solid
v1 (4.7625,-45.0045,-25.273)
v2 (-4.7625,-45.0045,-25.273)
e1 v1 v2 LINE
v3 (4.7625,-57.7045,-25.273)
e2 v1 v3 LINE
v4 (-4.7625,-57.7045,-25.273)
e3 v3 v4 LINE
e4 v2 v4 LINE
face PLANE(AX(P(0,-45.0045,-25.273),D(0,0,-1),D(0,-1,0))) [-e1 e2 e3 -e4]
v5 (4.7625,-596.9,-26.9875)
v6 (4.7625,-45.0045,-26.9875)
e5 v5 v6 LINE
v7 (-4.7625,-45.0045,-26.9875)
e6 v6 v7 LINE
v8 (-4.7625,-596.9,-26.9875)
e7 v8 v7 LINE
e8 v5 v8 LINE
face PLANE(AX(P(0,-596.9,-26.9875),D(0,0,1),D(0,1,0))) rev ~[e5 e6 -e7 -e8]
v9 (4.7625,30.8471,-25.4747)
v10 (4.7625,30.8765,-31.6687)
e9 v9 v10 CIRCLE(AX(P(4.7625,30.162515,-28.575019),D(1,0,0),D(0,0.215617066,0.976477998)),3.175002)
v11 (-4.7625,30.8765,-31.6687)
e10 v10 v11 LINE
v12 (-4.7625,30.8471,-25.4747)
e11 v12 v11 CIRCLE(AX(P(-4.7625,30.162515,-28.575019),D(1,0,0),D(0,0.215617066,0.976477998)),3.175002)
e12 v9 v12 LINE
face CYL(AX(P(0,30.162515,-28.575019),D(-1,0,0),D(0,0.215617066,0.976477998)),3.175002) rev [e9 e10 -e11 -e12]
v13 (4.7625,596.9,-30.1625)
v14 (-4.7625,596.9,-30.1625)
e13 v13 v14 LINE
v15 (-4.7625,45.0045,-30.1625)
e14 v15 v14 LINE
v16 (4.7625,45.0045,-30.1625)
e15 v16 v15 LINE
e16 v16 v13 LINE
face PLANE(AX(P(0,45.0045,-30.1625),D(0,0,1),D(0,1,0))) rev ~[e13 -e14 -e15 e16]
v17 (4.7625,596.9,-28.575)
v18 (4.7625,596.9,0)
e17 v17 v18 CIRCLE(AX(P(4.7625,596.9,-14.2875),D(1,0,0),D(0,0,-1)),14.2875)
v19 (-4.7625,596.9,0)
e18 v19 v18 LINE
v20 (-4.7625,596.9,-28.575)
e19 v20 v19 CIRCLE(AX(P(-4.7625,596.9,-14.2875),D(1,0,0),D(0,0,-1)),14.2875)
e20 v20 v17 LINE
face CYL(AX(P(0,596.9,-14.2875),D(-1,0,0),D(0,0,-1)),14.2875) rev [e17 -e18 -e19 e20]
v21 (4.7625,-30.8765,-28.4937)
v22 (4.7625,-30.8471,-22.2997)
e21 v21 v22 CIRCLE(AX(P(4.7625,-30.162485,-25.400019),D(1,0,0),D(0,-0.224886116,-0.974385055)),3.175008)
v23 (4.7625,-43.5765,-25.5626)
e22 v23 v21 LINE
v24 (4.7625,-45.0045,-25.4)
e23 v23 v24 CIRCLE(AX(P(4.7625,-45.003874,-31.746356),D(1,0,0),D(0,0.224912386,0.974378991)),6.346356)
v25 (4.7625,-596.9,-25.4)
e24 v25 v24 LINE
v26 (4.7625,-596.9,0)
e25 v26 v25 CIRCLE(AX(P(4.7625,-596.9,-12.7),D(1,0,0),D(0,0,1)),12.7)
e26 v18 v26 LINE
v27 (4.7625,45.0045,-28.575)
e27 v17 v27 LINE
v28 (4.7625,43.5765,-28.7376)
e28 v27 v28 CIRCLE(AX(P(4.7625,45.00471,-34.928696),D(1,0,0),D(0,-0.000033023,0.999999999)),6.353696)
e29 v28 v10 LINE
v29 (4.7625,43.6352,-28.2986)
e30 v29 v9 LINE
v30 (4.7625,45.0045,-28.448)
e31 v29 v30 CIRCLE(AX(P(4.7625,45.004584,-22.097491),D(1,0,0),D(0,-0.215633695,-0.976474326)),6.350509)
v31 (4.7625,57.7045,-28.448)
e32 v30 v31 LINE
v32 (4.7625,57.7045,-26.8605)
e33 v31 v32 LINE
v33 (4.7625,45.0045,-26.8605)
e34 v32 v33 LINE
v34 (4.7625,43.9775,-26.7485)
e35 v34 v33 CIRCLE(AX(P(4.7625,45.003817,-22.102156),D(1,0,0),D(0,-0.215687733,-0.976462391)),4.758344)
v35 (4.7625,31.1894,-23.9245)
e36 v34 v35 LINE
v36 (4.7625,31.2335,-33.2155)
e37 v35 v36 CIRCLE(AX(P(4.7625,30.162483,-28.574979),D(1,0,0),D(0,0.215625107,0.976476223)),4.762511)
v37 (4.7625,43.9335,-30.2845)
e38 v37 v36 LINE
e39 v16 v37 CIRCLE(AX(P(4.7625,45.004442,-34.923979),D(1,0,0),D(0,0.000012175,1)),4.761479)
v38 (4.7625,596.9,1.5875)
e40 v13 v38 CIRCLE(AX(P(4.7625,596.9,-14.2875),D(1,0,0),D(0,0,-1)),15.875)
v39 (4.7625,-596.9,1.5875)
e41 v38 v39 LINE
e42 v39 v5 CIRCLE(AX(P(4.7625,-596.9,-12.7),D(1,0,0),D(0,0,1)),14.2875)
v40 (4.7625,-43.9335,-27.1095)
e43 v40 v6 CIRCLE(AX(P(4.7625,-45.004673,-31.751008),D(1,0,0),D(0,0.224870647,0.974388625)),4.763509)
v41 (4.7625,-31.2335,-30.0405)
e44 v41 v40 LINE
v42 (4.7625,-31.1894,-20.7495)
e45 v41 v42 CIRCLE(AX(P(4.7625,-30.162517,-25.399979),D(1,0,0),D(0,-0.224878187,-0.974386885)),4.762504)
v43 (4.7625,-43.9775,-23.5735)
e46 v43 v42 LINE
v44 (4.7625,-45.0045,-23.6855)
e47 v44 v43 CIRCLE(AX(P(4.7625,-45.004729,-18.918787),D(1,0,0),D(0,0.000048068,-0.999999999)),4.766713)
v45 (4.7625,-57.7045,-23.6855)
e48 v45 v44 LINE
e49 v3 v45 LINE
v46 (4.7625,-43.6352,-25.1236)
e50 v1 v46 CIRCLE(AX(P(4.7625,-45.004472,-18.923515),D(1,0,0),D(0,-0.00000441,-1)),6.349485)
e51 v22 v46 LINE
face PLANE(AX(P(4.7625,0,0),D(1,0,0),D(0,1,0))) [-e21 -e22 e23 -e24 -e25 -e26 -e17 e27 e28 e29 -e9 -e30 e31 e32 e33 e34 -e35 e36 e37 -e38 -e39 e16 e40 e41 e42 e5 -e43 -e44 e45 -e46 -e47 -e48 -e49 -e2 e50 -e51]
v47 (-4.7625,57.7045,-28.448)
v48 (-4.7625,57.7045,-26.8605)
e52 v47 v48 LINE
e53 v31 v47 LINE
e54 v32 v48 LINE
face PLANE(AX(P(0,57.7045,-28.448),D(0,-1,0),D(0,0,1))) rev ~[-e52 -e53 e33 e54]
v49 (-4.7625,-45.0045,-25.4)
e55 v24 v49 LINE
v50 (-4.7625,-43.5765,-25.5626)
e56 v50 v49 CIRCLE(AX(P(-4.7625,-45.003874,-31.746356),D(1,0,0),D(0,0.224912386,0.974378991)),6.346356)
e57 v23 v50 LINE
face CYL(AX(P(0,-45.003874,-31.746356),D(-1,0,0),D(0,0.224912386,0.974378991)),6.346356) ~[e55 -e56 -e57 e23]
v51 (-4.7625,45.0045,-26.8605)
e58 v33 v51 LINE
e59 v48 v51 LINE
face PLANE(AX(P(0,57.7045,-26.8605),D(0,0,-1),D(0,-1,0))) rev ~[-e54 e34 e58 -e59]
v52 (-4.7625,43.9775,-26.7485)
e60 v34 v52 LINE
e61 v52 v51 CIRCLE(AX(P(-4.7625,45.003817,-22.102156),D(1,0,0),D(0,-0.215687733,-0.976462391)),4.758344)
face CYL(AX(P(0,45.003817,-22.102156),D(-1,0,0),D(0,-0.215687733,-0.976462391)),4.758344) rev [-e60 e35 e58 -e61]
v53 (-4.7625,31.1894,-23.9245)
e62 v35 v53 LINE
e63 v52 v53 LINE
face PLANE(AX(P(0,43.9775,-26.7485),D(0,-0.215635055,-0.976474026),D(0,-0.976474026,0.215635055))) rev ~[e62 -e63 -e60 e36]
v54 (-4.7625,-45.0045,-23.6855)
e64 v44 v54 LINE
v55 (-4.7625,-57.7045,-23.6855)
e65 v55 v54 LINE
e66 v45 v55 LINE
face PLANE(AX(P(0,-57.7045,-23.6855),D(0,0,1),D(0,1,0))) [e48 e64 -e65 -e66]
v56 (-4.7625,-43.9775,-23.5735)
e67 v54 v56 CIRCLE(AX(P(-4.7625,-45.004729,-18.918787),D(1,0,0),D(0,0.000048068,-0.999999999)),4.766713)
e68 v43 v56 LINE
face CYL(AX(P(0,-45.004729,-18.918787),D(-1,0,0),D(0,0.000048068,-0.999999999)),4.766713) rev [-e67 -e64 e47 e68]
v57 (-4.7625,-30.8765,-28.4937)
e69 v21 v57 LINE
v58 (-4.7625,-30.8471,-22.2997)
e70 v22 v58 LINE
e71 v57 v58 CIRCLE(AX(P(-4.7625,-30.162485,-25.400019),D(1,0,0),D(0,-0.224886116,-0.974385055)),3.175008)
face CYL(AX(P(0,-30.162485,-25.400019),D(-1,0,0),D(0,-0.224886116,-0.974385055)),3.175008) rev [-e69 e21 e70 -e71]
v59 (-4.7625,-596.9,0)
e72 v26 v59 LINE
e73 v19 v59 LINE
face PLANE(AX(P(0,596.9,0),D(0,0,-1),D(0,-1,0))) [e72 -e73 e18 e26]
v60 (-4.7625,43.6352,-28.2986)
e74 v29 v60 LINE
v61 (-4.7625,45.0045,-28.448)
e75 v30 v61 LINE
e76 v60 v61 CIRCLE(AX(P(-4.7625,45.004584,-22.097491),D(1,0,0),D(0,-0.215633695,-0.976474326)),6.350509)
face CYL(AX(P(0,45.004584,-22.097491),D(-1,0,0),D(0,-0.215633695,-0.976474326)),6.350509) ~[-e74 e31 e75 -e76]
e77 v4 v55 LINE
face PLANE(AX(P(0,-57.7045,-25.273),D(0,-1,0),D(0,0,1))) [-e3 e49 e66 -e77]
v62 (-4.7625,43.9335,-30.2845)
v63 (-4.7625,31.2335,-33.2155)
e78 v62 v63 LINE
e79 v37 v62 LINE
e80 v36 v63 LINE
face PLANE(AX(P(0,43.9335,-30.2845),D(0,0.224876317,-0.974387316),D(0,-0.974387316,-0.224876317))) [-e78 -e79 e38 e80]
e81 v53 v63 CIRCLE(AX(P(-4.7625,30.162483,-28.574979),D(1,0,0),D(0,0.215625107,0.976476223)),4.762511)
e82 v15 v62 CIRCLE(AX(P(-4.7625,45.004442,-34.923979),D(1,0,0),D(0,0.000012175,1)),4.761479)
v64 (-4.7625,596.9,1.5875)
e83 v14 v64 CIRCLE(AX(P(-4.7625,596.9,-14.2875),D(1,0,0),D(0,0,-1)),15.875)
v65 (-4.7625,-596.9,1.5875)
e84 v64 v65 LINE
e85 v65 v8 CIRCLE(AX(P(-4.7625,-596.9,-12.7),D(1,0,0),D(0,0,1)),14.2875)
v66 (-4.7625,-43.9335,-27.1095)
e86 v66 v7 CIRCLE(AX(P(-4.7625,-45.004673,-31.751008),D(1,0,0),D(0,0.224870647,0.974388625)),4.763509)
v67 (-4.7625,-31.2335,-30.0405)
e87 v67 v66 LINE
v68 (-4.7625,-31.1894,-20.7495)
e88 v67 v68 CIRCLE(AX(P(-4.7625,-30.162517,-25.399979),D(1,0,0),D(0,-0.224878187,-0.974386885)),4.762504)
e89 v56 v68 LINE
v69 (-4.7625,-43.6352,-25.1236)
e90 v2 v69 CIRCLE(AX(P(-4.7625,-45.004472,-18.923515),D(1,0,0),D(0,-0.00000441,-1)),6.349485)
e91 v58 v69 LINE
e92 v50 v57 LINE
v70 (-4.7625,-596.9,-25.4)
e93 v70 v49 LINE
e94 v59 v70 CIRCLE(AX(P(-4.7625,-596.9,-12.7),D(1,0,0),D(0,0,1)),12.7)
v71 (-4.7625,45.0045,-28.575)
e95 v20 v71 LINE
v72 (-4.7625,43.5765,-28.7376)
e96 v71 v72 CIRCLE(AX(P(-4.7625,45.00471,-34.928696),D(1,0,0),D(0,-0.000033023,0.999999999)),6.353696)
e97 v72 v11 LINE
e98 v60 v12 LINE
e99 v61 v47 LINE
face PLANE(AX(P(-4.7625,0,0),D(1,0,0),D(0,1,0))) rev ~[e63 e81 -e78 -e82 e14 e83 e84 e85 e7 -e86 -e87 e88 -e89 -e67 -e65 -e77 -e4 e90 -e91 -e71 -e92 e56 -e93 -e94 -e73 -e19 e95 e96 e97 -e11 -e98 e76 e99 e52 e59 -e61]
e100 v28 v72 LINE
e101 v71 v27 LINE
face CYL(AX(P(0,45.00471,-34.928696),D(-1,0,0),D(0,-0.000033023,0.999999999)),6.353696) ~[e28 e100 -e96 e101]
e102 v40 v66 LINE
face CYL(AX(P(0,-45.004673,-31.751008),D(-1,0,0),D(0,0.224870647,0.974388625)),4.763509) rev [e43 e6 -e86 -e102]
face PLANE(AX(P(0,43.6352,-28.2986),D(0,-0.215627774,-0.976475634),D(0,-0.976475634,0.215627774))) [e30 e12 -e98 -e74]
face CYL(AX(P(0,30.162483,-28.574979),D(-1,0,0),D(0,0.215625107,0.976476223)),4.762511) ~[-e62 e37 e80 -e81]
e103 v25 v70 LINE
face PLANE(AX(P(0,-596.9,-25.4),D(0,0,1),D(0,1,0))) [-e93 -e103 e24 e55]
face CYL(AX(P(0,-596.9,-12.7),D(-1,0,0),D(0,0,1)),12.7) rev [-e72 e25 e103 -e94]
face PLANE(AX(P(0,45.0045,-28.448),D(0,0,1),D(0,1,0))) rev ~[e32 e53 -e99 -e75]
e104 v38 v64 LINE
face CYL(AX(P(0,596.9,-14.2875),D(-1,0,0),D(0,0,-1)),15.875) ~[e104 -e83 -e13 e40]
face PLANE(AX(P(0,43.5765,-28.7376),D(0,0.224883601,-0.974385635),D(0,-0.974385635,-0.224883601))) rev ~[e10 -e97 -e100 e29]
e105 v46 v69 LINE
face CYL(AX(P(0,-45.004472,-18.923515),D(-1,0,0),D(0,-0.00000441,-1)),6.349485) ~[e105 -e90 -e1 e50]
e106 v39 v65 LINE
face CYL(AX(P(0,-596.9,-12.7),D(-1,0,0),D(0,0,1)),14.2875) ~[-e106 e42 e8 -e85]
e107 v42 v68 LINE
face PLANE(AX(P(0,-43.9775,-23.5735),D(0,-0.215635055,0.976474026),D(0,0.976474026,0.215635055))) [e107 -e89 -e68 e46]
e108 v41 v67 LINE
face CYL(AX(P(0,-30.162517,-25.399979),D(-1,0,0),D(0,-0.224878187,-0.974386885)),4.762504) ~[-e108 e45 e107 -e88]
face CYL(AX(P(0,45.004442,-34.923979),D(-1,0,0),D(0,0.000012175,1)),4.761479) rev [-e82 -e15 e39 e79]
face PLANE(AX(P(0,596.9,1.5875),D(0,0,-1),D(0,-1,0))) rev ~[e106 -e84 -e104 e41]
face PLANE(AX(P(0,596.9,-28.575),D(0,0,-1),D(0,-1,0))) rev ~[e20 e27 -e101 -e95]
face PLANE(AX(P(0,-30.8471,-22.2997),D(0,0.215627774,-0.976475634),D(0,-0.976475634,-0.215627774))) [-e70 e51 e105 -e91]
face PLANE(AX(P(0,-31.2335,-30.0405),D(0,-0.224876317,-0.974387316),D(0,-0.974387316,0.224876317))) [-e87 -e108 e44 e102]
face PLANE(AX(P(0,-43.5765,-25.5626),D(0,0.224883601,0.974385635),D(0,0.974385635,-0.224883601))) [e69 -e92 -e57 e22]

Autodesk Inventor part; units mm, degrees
ref_plane "YZ Plane" through (0, 0, 0) normal (1, 0, 0) x (0, 1, 0)
ref_plane "XZ Plane" through (0, 0, 0) normal (0, 1, 0) x (-1, 0, 0)
ref_plane "XY Plane" through (0, 0, 0) normal (0, 0, 1) x (1, 0, 0)
sketch "Sketch1" plane through (0, 0, 0) normal (1, 0, 0) x (0, 1, 0)
  line L0 (596.9, 0) -> (-596.9, 0)
  line L1 (0, 0) -> (0, -26.9875) construction
  arc A0 (596.9, -28.575) -> (596.9, 0) centre (596.9, -14.2875) ccw
  line L2 (596.9, -28.575) -> (45.0045, -28.575)
  arc A1 (-596.9, 0) -> (-596.9, -25.4) centre (-596.9, -12.7) ccw
  line L3 (-596.9, -25.4) -> (-45.0045, -25.4)
  arc A2 (30.8471, -25.4747) -> (30.8765, -31.6687) centre (30.1625, -28.575) ccw
  arc A3 (-30.8765, -28.4937) -> (-30.8471, -22.2997) centre (-30.1625, -25.4) ccw
  line L4 (45.0045, -30.1625) -> (596.9, -30.1625)
  arc A4 (596.9, -30.1625) -> (596.9, 1.5875) centre (596.9, -14.2875) ccw
  line L5 (596.9, 1.5875) -> (-596.9, 1.5875)
  arc A5 (-596.9, 1.5875) -> (-596.9, -26.9875) centre (-596.9, -12.7) ccw
  line L6 (-596.9, -26.9875) -> (-45.0045, -26.9875)
  line L7 (30.1625, -28.575) -> (-30.1625, -25.4) construction
  arc A6 (31.1894, -23.9245) -> (31.2335, -33.2155) centre (30.1625, -28.575) ccw
  arc A7 (45.0045, -28.575) -> (43.5765, -28.7376) centre (45.0045, -34.925) ccw
  line L8 (43.5765, -28.7376) -> (30.8765, -31.6687)
  arc A8 (45.0045, -30.1625) -> (43.9335, -30.2845) centre (45.0045, -34.925) ccw
  line L9 (43.9335, -30.2845) -> (31.2335, -33.2155)
  arc A9 (43.6352, -28.2986) -> (45.0045, -28.448) centre (45.0045, -22.098) ccw
  line L10 (45.0045, -28.448) -> (57.7045, -28.448)
  line L11 (43.6352, -28.2986) -> (30.8471, -25.4747)
  line L12 (45.0045, -28.448) -> (45.0045, -28.575) construction
  line L13 (57.7045, -28.448) -> (57.7045, -26.8605)
  line L14 (57.7045, -26.8605) -> (45.0045, -26.8605)
  arc A10 (43.9775, -26.7485) -> (45.0045, -26.8605) centre (45.0045, -22.098) ccw
  line L15 (43.9775, -26.7485) -> (31.1894, -23.9245)
  arc A11 (-43.9335, -27.1095) -> (-45.0045, -26.9875) centre (-45.0045, -31.75) ccw
  arc A12 (-43.5765, -25.5626) -> (-45.0045, -25.4) centre (-45.0045, -31.75) ccw
  line L16 (-43.5765, -25.5626) -> (-30.8765, -28.4937)
  arc A13 (-31.2335, -30.0405) -> (-31.1894, -20.7495) centre (-30.1625, -25.4) ccw
  line L17 (-31.2335, -30.0405) -> (-43.9335, -27.1095)
  line L18 (-30.8471, -22.2997) -> (-43.6352, -25.1236)
  arc A14 (-45.0045, -25.273) -> (-43.6352, -25.1236) centre (-45.0045, -18.923) ccw
  line L19 (-45.0045, -25.4) -> (-45.0045, -25.273) construction
  line L20 (-45.0045, -25.273) -> (-57.7045, -25.273)
  line L21 (-57.7045, -25.273) -> (-57.7045, -23.6855)
  line L22 (-57.7045, -23.6855) -> (-45.0045, -23.6855)
  arc A15 (-45.0045, -23.6855) -> (-43.9775, -23.5735) centre (-45.0045, -18.923) ccw
  line L23 (-43.9775, -23.5735) -> (-31.1894, -20.7495)
  dimension "d1" = 14.2875
  dimension "d2" = 12.7
  dimension "d4" = 6.35
  dimension "d5" = 1.5875
  dimension "d6" = 60.325
  dimension "d7" = 6.35
  dimension "d8" = 12.7
  dimension "d9" = 12.7
  dimension "d10" = 0.127
  dimension "d11" = 6.35
  dimension "d12" = 12.7
  dimension "d13" = 0.127
  dimension "d14" = 12.7
  dimension "d15" = 1193.8
extrude "Extrusion1" add sketch "Sketch1" along normal mid plane 9.525
properties part number "first stage belt" material "Rubber"
